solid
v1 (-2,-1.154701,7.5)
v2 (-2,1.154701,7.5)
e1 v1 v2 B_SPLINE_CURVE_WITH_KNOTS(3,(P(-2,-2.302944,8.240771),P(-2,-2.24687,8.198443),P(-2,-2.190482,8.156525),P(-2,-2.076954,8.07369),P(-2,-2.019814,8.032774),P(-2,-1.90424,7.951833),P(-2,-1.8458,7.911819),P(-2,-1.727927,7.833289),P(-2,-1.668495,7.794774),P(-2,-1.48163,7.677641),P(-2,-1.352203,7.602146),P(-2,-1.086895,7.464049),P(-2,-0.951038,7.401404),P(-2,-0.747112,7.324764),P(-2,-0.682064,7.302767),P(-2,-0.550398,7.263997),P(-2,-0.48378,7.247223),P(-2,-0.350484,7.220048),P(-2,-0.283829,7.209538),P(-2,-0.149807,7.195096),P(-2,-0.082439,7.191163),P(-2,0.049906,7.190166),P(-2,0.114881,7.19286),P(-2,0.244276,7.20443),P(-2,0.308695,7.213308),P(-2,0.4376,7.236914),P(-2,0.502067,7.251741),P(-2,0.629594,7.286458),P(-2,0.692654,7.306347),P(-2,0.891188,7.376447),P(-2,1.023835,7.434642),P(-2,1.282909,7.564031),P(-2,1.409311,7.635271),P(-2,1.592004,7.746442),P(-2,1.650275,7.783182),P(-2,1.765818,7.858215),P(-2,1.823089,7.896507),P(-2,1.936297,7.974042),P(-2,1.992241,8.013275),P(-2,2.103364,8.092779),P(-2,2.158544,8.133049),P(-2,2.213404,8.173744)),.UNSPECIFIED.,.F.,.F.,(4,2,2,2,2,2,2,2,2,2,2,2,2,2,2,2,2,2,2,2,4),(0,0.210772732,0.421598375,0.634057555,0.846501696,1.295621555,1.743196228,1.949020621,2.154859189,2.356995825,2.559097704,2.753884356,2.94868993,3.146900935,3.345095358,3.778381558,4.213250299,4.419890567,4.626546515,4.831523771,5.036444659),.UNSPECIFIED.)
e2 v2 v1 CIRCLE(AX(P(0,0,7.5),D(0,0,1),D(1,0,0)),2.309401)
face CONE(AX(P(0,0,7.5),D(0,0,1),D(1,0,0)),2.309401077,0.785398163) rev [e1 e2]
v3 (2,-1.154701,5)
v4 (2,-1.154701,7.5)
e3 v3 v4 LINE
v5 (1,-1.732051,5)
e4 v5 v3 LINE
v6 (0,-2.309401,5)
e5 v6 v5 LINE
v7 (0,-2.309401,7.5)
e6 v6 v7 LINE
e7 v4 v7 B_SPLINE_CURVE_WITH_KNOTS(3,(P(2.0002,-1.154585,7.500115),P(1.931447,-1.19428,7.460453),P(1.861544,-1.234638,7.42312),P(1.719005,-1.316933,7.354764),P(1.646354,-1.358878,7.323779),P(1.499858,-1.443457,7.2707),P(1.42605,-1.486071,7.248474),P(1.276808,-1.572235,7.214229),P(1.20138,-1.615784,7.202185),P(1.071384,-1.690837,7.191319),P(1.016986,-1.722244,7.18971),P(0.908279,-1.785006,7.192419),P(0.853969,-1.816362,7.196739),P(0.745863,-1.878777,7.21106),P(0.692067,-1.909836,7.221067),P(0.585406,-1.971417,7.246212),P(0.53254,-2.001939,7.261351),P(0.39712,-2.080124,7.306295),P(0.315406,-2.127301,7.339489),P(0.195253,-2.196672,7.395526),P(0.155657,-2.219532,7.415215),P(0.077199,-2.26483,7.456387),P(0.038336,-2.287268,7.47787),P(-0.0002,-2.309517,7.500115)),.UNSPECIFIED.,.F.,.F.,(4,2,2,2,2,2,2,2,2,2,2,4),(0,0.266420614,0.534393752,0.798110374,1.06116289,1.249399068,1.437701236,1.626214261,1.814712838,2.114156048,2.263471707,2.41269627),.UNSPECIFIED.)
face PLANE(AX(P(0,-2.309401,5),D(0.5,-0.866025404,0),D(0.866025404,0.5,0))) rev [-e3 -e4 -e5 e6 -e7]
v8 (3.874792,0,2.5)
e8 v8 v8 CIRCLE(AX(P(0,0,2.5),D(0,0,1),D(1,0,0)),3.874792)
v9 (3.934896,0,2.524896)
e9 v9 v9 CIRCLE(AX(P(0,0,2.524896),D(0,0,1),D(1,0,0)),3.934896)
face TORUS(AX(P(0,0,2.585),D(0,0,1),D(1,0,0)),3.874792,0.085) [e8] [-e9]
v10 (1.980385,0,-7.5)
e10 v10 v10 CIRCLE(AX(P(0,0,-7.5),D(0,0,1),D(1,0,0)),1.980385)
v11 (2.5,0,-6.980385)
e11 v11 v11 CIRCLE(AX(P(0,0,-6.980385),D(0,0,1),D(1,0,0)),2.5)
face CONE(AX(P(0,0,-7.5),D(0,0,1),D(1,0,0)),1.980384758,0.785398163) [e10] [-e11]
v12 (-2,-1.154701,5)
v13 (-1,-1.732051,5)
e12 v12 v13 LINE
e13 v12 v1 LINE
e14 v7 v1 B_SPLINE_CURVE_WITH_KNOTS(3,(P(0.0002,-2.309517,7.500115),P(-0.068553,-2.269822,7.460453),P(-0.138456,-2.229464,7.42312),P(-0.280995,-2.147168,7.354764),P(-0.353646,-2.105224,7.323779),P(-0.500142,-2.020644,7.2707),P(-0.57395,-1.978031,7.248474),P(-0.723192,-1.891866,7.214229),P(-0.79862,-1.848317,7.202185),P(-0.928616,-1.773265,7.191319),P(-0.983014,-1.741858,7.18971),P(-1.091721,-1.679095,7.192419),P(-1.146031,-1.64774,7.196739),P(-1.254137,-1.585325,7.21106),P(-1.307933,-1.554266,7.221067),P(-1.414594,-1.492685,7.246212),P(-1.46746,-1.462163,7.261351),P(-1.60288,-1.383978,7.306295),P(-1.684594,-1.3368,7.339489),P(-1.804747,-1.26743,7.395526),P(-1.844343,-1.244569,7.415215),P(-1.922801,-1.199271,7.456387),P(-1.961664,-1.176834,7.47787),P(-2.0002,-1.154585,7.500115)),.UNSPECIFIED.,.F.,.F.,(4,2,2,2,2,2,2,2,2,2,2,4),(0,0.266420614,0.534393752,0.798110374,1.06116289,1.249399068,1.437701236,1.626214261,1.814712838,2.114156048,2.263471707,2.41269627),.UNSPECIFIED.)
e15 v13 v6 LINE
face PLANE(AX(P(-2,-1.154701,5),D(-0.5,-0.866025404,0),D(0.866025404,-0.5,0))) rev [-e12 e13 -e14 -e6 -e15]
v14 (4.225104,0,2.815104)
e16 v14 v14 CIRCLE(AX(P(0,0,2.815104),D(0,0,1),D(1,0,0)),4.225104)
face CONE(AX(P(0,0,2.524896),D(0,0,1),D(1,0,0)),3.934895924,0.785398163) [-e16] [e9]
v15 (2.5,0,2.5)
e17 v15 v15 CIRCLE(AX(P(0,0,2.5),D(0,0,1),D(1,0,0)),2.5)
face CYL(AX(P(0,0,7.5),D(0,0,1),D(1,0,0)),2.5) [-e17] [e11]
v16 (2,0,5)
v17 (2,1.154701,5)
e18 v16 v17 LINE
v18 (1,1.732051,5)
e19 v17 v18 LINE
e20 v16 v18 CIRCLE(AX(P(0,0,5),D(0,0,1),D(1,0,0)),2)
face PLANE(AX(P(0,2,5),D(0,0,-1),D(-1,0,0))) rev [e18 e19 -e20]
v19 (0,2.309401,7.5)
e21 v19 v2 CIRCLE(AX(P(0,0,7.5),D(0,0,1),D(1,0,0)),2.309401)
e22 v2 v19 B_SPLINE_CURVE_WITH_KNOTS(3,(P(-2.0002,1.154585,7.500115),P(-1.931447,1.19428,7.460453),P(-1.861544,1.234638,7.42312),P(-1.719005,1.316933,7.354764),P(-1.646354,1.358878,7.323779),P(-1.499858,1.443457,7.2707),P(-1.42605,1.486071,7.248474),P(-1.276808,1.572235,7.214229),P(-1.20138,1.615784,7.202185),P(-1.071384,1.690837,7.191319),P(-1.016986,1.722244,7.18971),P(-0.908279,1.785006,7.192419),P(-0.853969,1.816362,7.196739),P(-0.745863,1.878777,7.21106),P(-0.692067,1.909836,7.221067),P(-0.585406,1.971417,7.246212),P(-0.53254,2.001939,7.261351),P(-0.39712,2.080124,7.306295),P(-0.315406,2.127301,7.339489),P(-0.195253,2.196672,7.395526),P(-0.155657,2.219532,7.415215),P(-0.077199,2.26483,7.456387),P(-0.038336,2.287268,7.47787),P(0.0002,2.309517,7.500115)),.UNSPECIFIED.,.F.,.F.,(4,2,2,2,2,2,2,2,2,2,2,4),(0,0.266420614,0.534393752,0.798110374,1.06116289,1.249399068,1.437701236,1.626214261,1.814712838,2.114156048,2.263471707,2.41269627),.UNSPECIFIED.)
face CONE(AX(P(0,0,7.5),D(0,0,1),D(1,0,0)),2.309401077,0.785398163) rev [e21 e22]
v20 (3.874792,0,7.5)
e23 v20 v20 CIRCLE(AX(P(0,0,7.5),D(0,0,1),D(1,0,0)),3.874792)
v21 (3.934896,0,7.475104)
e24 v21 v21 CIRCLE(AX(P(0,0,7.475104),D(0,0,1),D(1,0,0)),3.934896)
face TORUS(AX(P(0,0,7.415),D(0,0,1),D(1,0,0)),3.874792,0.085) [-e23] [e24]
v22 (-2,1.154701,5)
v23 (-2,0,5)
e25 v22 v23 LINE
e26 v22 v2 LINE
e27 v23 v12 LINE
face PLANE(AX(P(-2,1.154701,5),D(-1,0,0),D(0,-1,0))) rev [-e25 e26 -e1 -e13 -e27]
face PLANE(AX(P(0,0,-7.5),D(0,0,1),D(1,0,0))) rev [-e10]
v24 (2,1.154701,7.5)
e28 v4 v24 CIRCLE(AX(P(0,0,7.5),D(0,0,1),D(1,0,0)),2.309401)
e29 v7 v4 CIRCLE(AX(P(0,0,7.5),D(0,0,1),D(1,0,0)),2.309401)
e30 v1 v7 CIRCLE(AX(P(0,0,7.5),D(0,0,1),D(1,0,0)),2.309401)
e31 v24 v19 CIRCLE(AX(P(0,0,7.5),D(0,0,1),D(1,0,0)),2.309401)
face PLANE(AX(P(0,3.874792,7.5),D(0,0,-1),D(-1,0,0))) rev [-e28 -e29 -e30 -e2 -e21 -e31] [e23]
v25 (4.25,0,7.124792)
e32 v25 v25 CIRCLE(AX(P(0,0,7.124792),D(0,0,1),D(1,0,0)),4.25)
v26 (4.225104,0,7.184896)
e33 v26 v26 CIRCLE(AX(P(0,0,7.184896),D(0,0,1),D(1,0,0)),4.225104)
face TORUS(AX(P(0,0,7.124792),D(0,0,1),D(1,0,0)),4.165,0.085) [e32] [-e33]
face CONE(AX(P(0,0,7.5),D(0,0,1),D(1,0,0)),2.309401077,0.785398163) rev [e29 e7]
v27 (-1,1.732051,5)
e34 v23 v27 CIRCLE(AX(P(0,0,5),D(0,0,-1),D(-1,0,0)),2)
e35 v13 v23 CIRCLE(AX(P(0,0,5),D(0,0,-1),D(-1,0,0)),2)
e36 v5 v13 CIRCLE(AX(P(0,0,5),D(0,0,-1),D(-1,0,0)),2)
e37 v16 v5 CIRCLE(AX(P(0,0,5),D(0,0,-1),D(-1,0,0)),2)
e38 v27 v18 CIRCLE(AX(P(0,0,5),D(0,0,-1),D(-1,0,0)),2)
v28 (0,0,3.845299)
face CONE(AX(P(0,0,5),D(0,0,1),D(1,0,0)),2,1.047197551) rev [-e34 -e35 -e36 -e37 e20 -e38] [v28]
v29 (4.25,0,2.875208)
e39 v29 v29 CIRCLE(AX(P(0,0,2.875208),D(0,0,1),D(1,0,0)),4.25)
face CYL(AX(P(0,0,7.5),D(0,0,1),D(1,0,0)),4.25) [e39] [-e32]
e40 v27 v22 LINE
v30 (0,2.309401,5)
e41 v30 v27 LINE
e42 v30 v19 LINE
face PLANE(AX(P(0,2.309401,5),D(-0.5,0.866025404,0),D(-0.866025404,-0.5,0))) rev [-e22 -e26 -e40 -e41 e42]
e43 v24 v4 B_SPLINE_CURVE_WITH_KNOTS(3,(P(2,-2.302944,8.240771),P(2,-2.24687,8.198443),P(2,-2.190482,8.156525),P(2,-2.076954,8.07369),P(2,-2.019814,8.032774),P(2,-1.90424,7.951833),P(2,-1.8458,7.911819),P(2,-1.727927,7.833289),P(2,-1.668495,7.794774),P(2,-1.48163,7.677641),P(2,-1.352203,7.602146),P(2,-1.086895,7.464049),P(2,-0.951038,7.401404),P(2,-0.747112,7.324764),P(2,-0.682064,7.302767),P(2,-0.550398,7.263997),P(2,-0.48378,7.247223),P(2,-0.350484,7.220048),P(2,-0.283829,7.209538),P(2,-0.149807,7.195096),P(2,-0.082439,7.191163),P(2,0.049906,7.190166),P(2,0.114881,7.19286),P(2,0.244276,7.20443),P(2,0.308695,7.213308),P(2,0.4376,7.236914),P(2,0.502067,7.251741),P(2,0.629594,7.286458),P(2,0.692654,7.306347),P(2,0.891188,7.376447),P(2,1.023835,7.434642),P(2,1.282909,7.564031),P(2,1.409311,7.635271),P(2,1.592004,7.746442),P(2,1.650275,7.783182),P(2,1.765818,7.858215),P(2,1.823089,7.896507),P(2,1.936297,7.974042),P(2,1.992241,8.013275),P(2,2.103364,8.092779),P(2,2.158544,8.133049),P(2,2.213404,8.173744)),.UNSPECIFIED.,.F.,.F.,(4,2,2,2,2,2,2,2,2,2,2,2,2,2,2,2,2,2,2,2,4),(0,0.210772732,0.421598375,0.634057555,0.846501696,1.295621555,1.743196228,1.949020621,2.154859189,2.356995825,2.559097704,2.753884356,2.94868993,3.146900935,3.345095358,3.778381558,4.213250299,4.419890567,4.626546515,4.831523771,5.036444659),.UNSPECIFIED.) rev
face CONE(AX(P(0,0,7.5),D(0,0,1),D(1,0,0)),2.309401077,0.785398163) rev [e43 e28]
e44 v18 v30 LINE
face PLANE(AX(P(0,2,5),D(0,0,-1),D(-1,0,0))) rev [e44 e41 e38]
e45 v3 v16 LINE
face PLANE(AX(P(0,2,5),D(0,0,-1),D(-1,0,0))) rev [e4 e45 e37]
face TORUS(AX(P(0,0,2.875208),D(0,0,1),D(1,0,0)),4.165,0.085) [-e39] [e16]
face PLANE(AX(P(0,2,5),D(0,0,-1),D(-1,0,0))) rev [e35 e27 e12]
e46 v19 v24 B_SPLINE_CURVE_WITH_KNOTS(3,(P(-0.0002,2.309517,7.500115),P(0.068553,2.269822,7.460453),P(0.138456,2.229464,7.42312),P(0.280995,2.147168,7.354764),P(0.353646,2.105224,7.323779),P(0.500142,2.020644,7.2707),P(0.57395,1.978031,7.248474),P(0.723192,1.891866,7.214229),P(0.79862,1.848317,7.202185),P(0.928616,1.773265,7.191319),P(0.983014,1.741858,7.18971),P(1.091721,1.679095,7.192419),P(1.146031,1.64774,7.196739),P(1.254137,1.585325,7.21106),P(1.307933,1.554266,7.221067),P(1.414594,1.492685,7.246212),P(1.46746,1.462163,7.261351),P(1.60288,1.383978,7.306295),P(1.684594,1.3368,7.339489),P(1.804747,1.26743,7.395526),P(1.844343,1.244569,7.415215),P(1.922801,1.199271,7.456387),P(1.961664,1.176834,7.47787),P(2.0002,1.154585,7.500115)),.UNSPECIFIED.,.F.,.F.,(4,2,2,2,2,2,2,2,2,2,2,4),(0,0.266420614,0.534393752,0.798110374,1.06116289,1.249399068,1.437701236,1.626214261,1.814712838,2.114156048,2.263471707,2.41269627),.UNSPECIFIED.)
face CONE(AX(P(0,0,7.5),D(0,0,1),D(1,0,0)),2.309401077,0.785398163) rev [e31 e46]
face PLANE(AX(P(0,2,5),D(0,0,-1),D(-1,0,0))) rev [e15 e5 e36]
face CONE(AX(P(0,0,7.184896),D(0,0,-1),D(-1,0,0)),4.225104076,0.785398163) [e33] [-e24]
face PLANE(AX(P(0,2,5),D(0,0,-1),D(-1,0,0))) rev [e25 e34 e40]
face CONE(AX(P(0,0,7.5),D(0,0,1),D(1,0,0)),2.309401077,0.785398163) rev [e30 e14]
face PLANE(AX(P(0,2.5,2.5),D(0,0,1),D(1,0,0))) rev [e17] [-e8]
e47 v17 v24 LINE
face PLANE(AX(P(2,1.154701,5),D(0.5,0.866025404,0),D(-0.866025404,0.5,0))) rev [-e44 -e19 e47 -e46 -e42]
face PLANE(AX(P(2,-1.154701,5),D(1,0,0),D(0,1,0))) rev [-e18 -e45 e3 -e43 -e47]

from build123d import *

# Parameters (mm, degrees)
CUT_EXTRUDE1_DEPTH = 2.5


with BuildPart() as part:
    # Sketch3 → Revolve1 (revolve)
    with BuildSketch(Plane(origin=(0, 0, 0), x_dir=(0, 0, -1), z_dir=(1, 0, 0)), mode=Mode.PRIVATE) as revolve1_sk:
        with BuildLine():
            Line((-7.5, 3.874791847), (-7.5, 2))
            Line((-7.5, 2), (-5, 2))
            Line((-5, 2), (-5, 0))
            Line((-5, 0), (7.5, 0))
            Line((7.5, 0), (7.5, 1.980384758))
            Line((7.5, 1.980384758), (6.980384758, 2.5))
            Line((6.980384758, 2.5), (-2.5, 2.5))
            Line((-2.5, 2.5), (-2.5, 3.874791847))
            ThreePointArc((-2.5, 3.874791847), (-2.50647024, 3.907319939), (-2.524895924, 3.934895924))
            Line((-2.524895924, 3.934895924), (-2.815104076, 4.225104076))
            ThreePointArc((-2.815104076, 4.225104076), (-2.842680061, 4.24352976), (-2.875208153, 4.25))
            Line((-2.875208153, 4.25), (-7.124791847, 4.25))
            ThreePointArc((-7.124791847, 4.25), (-7.157319939, 4.24352976), (-7.184895924, 4.225104076))
            Line((-7.184895924, 4.225104076), (-7.475104076, 3.934895924))
            ThreePointArc((-7.475104076, 3.934895924), (-7.49352976, 3.907319939), (-7.5, 3.874791847))
        make_face()
    revolve(revolve1_sk.sketch.rotate(Axis((0, 0, 7.5), (0, 0, -1)), 90), axis=Axis((0, 0, 7.5), (0, 0, -1)))

    # Sketch4 → Cut-Extrude1 (cut)
    with BuildSketch(Plane.XY.offset(7.5)):
        Polygon((0, 2.309401077), (-2, 1.154700538), (-2, -1.154700538), (0, -2.309401077), (2, -1.154700538), (2, 1.154700538), align=None)
    extrude(amount=-CUT_EXTRUDE1_DEPTH, mode=Mode.SUBTRACT)

    # Cut-Extrude2 cone 1 section (through the dimple's axis) → Cut-Extrude2 (revolve, cut)
    with BuildSketch(Plane(origin=(0, 0, 7.5), x_dir=(0, -1, 0), z_dir=(1, 0, 0))):
        Polygon((0, 0), (2.309401077, 0), (0, 2.309401077), align=None)
    revolve(axis=Axis((0, 0, 7.5), (0, 0, -1)), mode=Mode.SUBTRACT)

    # Cut-Extrude3 cone 1 section (through the dimple's axis) → Cut-Extrude3 (revolve, cut)
    with BuildSketch(Plane(origin=(0, 0, 5), x_dir=(0, -1, 0), z_dir=(1, 0, 0))):
        Polygon((0, 0), (2, 0), (0, 1.154700538), align=None)
    revolve(axis=Axis((0, 0, 5), (0, 0, -1)), mode=Mode.SUBTRACT)


solid = part.part
